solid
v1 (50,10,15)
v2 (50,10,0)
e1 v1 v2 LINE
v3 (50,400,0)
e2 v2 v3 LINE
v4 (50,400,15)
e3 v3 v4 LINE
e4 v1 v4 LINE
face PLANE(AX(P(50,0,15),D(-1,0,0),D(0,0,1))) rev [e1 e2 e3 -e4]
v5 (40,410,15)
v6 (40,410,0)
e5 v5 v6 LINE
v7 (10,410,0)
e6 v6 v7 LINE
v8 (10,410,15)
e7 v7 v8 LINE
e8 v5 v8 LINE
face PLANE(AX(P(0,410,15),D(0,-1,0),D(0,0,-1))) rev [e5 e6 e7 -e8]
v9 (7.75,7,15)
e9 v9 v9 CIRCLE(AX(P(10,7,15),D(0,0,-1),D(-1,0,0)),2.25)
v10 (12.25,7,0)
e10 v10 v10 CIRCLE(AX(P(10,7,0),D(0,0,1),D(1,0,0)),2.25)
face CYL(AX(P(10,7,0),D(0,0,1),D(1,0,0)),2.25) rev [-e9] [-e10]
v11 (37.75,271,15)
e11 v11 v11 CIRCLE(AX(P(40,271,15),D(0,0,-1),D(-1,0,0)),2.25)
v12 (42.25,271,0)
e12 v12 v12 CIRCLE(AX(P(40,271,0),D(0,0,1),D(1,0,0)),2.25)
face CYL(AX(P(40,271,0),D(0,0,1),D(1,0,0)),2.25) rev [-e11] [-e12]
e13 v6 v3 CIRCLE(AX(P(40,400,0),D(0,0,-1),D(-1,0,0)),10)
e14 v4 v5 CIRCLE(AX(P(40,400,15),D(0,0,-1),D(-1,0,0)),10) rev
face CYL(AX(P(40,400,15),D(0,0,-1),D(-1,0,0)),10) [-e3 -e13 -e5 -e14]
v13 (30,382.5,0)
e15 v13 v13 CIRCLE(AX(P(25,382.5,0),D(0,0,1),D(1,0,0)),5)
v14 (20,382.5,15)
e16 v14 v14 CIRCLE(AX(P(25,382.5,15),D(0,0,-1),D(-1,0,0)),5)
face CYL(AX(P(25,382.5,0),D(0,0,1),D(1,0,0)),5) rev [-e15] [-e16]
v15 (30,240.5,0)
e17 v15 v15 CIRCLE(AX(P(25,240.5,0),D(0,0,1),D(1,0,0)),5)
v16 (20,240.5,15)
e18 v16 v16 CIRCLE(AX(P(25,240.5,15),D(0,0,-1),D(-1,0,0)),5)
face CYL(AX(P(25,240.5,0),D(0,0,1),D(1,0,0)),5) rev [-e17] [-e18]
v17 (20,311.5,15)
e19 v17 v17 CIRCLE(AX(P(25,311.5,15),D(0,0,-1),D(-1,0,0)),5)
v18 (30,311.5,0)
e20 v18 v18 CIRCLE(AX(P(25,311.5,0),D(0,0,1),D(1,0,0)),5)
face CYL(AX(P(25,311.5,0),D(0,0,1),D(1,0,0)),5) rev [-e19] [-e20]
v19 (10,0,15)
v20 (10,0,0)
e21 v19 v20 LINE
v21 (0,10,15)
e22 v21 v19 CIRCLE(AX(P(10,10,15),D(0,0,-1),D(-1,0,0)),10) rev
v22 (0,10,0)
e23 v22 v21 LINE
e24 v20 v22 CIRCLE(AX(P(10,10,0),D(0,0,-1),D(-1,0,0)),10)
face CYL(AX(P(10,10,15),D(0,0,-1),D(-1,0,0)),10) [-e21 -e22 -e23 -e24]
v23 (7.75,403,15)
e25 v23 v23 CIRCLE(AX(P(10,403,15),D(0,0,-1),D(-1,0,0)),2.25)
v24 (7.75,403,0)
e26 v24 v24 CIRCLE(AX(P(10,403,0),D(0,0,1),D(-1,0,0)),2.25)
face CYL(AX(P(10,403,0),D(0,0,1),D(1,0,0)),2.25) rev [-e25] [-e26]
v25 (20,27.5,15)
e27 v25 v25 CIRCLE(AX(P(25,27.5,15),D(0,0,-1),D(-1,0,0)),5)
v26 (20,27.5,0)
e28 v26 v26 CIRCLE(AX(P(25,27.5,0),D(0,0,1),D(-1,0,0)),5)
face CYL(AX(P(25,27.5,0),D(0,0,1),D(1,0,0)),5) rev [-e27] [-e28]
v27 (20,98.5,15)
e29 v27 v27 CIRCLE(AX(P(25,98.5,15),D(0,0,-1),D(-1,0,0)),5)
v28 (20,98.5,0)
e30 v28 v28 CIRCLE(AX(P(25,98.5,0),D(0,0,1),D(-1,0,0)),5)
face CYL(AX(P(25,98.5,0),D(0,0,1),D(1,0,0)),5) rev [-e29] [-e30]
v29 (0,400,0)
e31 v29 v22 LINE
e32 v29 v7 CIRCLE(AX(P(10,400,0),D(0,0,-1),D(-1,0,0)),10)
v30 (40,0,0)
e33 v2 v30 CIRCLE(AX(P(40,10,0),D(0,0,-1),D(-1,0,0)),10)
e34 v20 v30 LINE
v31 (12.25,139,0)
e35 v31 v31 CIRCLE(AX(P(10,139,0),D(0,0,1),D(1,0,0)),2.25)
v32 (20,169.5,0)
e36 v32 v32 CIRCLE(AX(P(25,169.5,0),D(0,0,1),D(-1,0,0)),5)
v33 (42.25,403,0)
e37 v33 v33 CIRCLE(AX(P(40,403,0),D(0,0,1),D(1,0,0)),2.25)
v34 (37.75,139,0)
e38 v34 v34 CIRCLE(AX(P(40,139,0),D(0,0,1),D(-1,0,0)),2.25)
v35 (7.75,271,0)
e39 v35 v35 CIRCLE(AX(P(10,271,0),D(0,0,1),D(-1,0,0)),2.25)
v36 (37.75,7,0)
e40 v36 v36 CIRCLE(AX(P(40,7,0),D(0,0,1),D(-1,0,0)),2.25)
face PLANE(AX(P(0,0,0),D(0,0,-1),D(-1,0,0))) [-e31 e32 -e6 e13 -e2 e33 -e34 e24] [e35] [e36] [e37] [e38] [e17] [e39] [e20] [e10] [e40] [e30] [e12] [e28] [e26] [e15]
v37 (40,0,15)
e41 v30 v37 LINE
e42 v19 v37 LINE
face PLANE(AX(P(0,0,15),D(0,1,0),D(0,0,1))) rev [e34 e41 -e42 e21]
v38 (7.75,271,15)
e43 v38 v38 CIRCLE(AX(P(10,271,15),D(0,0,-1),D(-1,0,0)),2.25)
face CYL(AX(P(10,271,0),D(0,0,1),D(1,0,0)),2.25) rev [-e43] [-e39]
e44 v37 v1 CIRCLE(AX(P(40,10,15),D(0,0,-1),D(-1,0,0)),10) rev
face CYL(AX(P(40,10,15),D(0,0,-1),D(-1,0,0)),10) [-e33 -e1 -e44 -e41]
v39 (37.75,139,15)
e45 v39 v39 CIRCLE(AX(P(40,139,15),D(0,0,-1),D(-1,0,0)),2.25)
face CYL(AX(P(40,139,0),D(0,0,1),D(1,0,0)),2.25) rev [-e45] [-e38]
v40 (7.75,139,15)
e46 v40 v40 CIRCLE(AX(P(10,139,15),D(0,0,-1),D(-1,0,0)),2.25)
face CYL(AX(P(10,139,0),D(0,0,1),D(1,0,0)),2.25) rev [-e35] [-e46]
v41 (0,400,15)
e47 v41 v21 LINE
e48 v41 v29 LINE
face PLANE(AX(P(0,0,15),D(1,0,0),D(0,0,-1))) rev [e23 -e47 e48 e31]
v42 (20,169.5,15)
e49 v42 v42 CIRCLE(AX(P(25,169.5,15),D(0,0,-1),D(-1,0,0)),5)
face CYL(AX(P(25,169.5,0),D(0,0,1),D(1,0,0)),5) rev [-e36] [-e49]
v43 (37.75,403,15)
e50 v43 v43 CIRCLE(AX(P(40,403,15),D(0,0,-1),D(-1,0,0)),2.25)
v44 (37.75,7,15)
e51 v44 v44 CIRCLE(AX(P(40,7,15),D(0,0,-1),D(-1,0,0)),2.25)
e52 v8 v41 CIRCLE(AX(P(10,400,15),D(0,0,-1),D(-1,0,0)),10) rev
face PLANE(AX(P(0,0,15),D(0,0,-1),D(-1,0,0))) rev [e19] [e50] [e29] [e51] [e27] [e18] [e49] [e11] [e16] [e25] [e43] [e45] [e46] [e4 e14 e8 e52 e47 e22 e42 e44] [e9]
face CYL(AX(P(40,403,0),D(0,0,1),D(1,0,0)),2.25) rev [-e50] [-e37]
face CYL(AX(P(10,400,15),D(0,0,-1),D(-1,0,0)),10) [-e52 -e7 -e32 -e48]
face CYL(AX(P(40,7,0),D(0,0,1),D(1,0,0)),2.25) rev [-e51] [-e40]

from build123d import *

# Parameters (mm, degrees)
ESQUISSE1_W                  = 50
ESQUISSE1_H                  = 410
BOSS_EXTRU_1_DEPTH           = 15
ENL_V_MAT_EXTRU_1_DEPTH      = 414.309811159
ENL_V_MAT_EXTRU_1_DEPTH_BACK = 414.309811159
ESQUISSE2_R                  = 5
ESQUISSE2_R_2                = 2.25
CONG_1_R                     = 10


with BuildPart() as part:
    # Esquisse1 → Boss.-Extru.1 (new body)
    with BuildSketch(Plane.XY):
        with Locations((25, 205)):
            Rectangle(ESQUISSE1_W, ESQUISSE1_H)
    extrude(amount=BOSS_EXTRU_1_DEPTH)

    # Esquisse2 → Enlèv. mat.-Extru.1 (cut, two sides: drawn at the far end of the back side and taken through both)
    with BuildSketch(Plane.XY.offset(15).offset(-ENL_V_MAT_EXTRU_1_DEPTH_BACK)):
        with Locations((25, 240.5)):
            Circle(ESQUISSE2_R)
        with Locations((25, 311.5)):
            Circle(ESQUISSE2_R)
        with Locations((25, 382.5)):
            Circle(ESQUISSE2_R)
        with Locations(Location((25, 27.5, 0), (0, 0, 180))):
            Circle(ESQUISSE2_R)
        with Locations(Location((25, 98.5, 0), (0, 0, 180))):
            Circle(ESQUISSE2_R)
        with Locations(Location((25, 169.5, 0), (0, 0, 180))):
            Circle(ESQUISSE2_R)
        with Locations((40, 271)):
            Circle(ESQUISSE2_R_2)
        with Locations((40, 403)):
            Circle(ESQUISSE2_R_2)
        with Locations(Location((40, 7, 0), (0, 0, 180))):
            Circle(ESQUISSE2_R_2)
        with Locations(Location((40, 139, 0), (0, 0, 180))):
            Circle(ESQUISSE2_R_2)
        with Locations((10, 139)):
            Circle(ESQUISSE2_R_2)
        with Locations((10, 7)):
            Circle(ESQUISSE2_R_2)
        with Locations(Location((10, 403, 0), (0, 0, 180))):
            Circle(ESQUISSE2_R_2)
        with Locations(Location((10, 271, 0), (0, 0, 180))):
            Circle(ESQUISSE2_R_2)
    extrude(amount=ENL_V_MAT_EXTRU_1_DEPTH + ENL_V_MAT_EXTRU_1_DEPTH_BACK, mode=Mode.SUBTRACT)

    # Congé1
    cong_1_edges = [part.edges().sort_by_distance(p)[0] for p in [
        (0, 410, 7.5),
        (50, 410, 7.5),
        (50, 0, 7.5),
        (0, 0, 7.5),
    ]]
    fillet(cong_1_edges, radius=CONG_1_R)


solid = part.part
